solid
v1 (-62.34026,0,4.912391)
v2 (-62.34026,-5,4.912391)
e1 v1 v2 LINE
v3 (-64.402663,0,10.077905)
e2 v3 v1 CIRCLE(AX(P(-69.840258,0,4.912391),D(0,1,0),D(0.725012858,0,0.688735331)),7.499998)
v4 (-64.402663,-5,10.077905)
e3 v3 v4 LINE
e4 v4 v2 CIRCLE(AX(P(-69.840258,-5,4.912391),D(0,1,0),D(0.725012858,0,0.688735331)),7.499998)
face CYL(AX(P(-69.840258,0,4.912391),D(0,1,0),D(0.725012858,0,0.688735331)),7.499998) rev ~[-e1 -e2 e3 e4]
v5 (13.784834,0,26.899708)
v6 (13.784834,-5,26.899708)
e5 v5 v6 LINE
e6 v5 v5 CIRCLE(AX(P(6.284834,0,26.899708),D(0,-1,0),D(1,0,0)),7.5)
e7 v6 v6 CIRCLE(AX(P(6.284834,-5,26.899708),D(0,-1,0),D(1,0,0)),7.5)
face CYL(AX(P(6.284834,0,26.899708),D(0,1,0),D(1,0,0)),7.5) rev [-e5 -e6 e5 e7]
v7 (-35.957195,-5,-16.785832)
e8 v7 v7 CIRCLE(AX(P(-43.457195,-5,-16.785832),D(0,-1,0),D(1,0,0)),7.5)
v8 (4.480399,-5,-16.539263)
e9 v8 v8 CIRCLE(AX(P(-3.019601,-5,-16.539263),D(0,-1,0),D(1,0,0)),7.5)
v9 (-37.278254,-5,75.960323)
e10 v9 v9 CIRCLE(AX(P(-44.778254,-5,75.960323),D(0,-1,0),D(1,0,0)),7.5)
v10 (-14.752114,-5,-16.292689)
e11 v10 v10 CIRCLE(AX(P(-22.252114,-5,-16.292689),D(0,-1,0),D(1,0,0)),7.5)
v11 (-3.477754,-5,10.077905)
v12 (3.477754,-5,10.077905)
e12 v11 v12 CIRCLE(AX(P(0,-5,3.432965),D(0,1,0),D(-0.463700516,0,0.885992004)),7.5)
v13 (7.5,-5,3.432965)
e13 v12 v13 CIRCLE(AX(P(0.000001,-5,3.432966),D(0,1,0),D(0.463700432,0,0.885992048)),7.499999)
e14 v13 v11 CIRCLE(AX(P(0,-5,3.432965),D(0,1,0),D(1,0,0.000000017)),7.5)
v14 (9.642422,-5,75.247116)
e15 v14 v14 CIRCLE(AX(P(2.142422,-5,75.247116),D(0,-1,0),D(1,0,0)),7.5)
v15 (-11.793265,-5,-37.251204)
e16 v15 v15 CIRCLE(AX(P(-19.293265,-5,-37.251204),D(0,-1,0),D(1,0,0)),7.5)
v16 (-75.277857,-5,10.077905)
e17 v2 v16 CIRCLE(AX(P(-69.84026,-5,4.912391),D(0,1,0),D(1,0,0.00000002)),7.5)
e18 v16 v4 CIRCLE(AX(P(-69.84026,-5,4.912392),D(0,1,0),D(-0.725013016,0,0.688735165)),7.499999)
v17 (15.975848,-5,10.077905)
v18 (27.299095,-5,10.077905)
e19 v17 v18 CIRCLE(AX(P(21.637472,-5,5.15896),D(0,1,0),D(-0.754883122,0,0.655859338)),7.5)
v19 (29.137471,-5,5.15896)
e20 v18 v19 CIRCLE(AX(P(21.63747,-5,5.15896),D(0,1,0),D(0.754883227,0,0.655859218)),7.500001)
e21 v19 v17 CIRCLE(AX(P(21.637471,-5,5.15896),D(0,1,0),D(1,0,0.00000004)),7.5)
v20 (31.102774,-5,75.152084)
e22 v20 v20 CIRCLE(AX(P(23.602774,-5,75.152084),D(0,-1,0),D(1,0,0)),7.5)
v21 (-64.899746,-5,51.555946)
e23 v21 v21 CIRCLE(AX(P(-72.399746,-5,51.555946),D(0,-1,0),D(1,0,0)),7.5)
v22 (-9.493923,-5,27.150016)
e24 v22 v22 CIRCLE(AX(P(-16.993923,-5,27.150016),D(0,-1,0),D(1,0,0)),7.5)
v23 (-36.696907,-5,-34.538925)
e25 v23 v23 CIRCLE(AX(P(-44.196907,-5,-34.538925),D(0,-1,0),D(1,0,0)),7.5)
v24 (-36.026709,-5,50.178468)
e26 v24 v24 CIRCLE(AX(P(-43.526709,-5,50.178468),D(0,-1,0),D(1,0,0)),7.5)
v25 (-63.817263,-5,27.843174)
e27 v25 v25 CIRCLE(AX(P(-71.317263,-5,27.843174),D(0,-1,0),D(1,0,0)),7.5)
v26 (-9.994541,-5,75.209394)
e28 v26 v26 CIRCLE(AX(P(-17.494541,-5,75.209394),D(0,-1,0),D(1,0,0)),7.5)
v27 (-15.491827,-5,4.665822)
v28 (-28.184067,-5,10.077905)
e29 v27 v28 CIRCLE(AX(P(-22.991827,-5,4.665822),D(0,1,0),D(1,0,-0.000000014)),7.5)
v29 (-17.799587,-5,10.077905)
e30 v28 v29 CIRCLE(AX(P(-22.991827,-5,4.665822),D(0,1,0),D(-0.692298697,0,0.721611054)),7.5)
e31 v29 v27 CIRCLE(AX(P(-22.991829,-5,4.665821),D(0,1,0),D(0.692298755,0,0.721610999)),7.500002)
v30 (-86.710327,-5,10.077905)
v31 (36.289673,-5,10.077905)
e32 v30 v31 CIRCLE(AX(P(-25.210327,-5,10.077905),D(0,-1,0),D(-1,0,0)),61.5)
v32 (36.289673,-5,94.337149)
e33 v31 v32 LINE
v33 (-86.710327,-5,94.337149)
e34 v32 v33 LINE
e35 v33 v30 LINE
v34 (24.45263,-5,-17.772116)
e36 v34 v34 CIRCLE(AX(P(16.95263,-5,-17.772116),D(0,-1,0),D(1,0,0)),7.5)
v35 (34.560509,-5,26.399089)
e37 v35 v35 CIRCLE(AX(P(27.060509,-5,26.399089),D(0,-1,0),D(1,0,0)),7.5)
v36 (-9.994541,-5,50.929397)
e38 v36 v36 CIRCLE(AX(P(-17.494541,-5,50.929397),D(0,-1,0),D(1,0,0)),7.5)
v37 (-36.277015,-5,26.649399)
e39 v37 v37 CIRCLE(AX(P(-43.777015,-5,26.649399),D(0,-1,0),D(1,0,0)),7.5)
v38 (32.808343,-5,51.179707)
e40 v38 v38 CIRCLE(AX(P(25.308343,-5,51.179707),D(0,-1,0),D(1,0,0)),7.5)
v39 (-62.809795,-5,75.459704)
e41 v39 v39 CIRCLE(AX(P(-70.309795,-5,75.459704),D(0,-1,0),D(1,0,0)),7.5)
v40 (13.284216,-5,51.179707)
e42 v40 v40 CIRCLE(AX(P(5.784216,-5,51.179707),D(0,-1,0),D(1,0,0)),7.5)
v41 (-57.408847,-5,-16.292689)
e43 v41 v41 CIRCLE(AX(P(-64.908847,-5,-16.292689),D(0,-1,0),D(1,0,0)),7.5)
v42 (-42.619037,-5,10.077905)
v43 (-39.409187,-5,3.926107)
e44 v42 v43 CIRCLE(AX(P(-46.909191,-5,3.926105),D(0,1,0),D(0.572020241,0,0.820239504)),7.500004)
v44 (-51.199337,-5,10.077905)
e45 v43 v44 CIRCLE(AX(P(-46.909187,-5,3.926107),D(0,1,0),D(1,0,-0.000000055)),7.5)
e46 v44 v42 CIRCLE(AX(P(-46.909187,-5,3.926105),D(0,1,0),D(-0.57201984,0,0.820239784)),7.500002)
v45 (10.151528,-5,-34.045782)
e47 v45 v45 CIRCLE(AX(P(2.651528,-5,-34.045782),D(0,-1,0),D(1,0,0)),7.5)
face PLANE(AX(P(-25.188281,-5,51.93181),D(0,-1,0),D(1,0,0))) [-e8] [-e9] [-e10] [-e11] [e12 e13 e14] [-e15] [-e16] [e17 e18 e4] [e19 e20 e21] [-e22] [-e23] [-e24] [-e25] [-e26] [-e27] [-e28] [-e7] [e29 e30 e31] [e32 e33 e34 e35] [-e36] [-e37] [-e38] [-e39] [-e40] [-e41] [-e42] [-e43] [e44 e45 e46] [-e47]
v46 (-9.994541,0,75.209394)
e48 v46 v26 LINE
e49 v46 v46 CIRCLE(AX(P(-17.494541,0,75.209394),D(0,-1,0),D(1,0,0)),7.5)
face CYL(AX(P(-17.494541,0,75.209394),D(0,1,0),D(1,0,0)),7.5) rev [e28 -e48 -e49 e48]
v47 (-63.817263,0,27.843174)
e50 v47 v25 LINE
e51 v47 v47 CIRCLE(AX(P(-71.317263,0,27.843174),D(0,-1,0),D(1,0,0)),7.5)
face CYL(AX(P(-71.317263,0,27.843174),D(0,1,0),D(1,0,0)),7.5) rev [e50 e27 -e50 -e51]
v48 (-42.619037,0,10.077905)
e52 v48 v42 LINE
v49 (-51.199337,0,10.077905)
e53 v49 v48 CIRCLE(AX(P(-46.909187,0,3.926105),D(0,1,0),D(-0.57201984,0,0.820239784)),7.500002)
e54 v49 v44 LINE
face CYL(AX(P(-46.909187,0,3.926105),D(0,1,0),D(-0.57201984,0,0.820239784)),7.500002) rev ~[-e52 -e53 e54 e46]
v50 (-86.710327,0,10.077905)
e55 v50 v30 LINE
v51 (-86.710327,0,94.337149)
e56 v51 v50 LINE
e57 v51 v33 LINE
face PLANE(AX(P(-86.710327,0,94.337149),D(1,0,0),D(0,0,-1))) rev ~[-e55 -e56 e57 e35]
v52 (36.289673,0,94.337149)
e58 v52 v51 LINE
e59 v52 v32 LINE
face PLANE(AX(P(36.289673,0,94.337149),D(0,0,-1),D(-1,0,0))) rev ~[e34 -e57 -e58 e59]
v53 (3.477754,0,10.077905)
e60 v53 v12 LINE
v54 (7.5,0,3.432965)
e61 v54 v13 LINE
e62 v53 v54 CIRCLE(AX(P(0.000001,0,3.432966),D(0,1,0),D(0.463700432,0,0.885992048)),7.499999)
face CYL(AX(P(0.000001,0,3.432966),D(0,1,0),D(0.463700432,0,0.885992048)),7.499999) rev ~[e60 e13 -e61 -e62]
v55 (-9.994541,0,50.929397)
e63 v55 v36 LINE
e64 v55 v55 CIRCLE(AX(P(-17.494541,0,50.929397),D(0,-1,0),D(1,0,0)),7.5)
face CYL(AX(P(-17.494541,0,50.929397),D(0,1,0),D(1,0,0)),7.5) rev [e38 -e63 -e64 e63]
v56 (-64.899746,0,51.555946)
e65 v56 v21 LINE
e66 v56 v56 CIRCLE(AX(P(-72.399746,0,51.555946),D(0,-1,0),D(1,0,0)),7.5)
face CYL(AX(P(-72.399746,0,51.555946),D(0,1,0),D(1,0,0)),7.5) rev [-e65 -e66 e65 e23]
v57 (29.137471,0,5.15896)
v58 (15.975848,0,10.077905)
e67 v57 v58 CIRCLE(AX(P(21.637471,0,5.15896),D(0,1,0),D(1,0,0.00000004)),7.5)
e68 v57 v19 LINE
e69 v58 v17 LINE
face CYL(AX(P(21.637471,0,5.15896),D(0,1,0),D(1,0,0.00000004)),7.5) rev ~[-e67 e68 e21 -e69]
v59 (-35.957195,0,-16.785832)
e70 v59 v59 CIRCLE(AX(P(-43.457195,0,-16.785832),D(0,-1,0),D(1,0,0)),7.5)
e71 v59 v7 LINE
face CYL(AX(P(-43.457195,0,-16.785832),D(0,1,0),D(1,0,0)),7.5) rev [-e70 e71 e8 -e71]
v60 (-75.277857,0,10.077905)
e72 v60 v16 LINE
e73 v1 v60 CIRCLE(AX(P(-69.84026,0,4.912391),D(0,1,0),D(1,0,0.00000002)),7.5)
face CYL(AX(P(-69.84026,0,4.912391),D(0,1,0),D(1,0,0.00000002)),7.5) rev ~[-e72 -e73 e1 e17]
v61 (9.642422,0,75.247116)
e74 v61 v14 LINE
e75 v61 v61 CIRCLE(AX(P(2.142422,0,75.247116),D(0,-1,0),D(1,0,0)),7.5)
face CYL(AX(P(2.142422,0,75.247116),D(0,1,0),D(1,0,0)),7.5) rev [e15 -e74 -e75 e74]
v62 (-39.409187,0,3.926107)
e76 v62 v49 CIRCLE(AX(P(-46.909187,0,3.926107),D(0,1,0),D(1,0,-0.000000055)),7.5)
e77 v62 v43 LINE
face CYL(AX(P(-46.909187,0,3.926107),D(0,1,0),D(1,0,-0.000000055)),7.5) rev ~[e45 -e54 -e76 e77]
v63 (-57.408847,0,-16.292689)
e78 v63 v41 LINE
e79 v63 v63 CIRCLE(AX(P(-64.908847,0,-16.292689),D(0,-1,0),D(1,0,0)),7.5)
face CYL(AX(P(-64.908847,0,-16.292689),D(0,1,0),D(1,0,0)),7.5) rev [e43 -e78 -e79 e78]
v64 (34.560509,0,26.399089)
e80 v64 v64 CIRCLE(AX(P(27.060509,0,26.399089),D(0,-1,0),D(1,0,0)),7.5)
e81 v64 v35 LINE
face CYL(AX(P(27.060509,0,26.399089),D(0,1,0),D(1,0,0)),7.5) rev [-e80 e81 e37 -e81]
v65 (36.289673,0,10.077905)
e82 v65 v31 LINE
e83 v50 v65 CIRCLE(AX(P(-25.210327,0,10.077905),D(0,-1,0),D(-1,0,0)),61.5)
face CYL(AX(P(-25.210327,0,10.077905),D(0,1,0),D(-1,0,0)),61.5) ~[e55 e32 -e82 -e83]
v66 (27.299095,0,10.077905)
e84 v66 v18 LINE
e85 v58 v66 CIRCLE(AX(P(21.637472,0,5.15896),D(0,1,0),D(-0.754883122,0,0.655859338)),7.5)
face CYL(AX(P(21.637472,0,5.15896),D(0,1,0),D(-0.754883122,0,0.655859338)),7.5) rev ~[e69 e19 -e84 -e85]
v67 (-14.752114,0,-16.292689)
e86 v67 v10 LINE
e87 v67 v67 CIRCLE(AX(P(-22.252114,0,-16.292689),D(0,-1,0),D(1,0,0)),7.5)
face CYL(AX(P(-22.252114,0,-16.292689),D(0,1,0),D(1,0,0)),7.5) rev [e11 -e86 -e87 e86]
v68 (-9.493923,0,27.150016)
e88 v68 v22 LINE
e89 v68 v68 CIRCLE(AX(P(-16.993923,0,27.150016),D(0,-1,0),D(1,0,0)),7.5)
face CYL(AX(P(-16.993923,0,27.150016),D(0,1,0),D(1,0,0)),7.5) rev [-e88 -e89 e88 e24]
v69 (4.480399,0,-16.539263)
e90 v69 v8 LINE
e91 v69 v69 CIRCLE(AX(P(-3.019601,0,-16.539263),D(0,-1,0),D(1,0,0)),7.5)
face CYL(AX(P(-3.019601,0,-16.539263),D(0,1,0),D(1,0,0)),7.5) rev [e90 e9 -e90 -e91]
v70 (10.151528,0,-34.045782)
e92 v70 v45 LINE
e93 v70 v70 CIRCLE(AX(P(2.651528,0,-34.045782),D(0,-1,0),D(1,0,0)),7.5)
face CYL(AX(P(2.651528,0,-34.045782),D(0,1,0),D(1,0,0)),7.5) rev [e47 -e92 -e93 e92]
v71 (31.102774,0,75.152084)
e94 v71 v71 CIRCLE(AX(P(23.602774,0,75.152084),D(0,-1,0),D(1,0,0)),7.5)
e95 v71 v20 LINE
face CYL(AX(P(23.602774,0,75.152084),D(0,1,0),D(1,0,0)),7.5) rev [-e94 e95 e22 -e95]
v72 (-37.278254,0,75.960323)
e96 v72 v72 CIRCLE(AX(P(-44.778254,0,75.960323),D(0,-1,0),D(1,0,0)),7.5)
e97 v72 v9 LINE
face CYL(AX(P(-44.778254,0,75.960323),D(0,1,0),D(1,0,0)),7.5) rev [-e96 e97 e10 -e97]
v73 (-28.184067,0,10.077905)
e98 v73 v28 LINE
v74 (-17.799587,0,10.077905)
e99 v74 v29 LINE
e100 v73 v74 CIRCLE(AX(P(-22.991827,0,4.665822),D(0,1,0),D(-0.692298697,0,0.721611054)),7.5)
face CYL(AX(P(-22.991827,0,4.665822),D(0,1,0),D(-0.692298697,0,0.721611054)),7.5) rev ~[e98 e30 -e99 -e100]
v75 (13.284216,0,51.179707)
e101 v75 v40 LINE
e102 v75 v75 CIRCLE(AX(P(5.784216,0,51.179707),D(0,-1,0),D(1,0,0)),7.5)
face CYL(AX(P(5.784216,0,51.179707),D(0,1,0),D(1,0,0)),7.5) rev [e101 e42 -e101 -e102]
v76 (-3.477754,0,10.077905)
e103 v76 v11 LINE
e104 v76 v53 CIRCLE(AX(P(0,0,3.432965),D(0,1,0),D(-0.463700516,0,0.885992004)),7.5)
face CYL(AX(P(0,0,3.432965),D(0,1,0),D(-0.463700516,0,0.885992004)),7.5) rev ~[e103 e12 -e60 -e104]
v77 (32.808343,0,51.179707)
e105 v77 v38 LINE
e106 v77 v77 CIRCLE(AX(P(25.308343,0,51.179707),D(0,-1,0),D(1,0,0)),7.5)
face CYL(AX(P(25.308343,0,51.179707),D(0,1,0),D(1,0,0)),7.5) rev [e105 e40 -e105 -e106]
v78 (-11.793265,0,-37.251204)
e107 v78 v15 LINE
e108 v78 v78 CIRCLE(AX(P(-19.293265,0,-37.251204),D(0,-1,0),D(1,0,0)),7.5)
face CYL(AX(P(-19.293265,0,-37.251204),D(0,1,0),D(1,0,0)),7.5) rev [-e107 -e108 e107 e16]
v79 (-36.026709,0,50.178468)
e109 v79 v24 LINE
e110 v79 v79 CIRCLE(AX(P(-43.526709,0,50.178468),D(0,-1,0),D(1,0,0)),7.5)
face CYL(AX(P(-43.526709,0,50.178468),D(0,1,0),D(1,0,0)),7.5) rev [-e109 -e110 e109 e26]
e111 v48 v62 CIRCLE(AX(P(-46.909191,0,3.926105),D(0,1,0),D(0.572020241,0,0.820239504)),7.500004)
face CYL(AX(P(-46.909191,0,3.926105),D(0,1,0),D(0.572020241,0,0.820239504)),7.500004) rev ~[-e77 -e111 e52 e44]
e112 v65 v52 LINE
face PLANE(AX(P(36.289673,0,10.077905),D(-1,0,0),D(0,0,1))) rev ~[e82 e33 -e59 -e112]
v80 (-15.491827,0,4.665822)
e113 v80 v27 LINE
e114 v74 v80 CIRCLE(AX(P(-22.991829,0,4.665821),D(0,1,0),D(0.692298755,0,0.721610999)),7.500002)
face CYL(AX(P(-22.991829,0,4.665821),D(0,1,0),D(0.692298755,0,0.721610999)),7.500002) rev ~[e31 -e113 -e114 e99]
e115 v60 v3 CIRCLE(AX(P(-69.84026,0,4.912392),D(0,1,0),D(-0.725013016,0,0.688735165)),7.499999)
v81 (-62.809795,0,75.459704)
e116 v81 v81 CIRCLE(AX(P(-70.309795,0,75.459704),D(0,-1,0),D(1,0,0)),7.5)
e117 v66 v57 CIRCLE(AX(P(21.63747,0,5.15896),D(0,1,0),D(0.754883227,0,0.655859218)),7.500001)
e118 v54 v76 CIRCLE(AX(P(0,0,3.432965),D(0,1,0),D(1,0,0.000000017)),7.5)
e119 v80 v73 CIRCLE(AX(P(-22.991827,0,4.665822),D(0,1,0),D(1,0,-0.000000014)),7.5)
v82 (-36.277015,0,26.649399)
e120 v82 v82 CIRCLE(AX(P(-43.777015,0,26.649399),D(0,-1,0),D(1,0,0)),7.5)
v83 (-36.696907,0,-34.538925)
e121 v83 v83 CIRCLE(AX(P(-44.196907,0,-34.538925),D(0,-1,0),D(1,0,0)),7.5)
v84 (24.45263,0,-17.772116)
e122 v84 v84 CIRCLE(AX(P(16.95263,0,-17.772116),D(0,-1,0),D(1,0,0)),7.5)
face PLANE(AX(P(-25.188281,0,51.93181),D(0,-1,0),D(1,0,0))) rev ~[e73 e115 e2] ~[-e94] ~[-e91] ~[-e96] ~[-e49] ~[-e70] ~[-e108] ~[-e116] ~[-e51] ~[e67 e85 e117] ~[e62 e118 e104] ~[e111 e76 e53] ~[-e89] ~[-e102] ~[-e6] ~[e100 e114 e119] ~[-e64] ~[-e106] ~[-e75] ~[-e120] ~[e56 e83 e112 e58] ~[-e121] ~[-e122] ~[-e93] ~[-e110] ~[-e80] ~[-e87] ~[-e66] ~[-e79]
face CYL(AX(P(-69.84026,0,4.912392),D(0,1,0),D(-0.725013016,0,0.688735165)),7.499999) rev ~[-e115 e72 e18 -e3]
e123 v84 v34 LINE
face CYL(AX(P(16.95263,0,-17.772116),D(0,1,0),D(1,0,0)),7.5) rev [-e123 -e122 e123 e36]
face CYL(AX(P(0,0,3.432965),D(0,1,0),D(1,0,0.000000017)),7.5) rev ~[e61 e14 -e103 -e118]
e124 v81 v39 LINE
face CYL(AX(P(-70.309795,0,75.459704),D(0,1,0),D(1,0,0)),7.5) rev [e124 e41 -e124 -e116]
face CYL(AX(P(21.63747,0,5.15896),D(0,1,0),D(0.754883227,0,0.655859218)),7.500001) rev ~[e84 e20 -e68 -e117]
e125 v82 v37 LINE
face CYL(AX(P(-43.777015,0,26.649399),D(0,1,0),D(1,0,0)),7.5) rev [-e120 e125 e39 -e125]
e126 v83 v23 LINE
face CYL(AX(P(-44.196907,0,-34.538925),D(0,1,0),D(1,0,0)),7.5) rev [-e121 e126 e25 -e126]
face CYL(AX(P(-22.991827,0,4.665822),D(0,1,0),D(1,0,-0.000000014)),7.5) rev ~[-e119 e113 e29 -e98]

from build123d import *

# Parameters (mm, degrees)
F0_R     = 7.5
F1_DEPTH = 5


with BuildPart() as f1:
    # F0 (on Front) → F1 (new body)
    with BuildSketch(Plane.XZ):
        with BuildLine():
            Line((-86.710327, 94.337149), (-86.710327, 10.077905))
            Line((-86.710327, 10.077905), (-75.277857, 10.077905))
            ThreePointArc((-75.277857, 10.077905), (-69.84026, 12.412391), (-64.402663, 10.077905))
            Line((-64.402663, 10.077905), (-51.199337, 10.077905))
            ThreePointArc((-51.199337, 10.077905), (-46.909187, 11.426107), (-42.619037, 10.077905))
            Line((-42.619037, 10.077905), (-28.184067, 10.077905))
            ThreePointArc((-28.184067, 10.077905), (-22.991827, 12.165822), (-17.799587, 10.077905))
            Line((-17.799587, 10.077905), (-3.477754, 10.077905))
            ThreePointArc((-3.477754, 10.077905), (0, 10.932965), (3.477754, 10.077905))
            Line((3.477754, 10.077905), (15.975848, 10.077905))
            ThreePointArc((15.975848, 10.077905), (21.637471, 12.65896), (27.299095, 10.077905))
            Line((27.299095, 10.077905), (36.289673, 10.077905))
            Line((36.289673, 10.077905), (36.289673, 94.337149))
            Line((36.289673, 94.337149), (-86.710327, 94.337149))
        make_face()
        with Locations((-71.317263, 27.843174)):
            Circle(F0_R, mode=Mode.SUBTRACT)
        with Locations((-72.399746, 51.555946)):
            Circle(F0_R, mode=Mode.SUBTRACT)
        with Locations((-43.777015, 26.649399)):
            Circle(F0_R, mode=Mode.SUBTRACT)
        with Locations((-43.526709, 50.178468)):
            Circle(F0_R, mode=Mode.SUBTRACT)
        with Locations((-70.309795, 75.459704)):
            Circle(F0_R, mode=Mode.SUBTRACT)
        with Locations((-44.778254, 75.960323)):
            Circle(F0_R, mode=Mode.SUBTRACT)
        with Locations((-16.993923, 27.150016)):
            Circle(F0_R, mode=Mode.SUBTRACT)
        with Locations((-17.494541, 50.929397)):
            Circle(F0_R, mode=Mode.SUBTRACT)
        with Locations((6.284834, 26.899708)):
            Circle(F0_R, mode=Mode.SUBTRACT)
        with Locations((27.060509, 26.399089)):
            Circle(F0_R, mode=Mode.SUBTRACT)
        with Locations((5.784216, 51.179707)):
            Circle(F0_R, mode=Mode.SUBTRACT)
        with Locations((25.308343, 51.179707)):
            Circle(F0_R, mode=Mode.SUBTRACT)
        with Locations((-17.494541, 75.209394)):
            Circle(F0_R, mode=Mode.SUBTRACT)
        with Locations((2.142422, 75.247116)):
            Circle(F0_R, mode=Mode.SUBTRACT)
        with Locations((23.602774, 75.152084)):
            Circle(F0_R, mode=Mode.SUBTRACT)
        with BuildLine():
            Line((-75.277857, 10.077905), (-86.710327, 10.077905))
            ThreePointArc((-86.710327, 10.077905), (-25.210327, -51.422095), (36.289673, 10.077905))
            Line((36.289673, 10.077905), (27.299095, 10.077905))
            ThreePointArc((27.299095, 10.077905), (28.66286, 7.784586), (29.137471, 5.15896))
            ThreePointArc((29.137471, 5.15896), (19.011845, -1.866429), (15.975848, 10.077905))
            Line((15.975848, 10.077905), (3.477754, 10.077905))
            ThreePointArc((3.477754, 10.077905), (6.416119, 7.316703), (7.5, 3.432965))
            ThreePointArc((7.5, 3.432965), (-3.883738, -2.983154), (-3.477754, 10.077905))
            Line((-3.477754, 10.077905), (-17.799587, 10.077905))
            ThreePointArc((-17.799587, 10.077905), (-16.092849, 7.607607), (-15.491827, 4.665822))
            ThreePointArc((-15.491827, 4.665822), (-25.933612, -2.233156), (-28.184067, 10.077905))
            Line((-28.184067, 10.077905), (-42.619037, 10.077905))
            ThreePointArc((-42.619037, 10.077905), (-40.259897, 7.395536), (-39.409187, 3.926107))
            ThreePointArc((-39.409187, 3.926107), (-50.378616, -2.723183), (-51.199337, 10.077905))
            Line((-51.199337, 10.077905), (-64.402663, 10.077905))
            ThreePointArc((-64.402663, 10.077905), (-62.874918, 7.6934), (-62.34026, 4.912391))
            ThreePointArc((-62.34026, 4.912391), (-72.621269, -2.052951), (-75.277857, 10.077905))
        make_face()
        with Locations((-64.908847, -16.292689)):
            Circle(F0_R, mode=Mode.SUBTRACT)
        with Locations((-44.196907, -34.538925)):
            Circle(F0_R, mode=Mode.SUBTRACT)
        with Locations((-43.457195, -16.785832)):
            Circle(F0_R, mode=Mode.SUBTRACT)
        with Locations((-19.293265, -37.251204)):
            Circle(F0_R, mode=Mode.SUBTRACT)
        with Locations((2.651528, -34.045782)):
            Circle(F0_R, mode=Mode.SUBTRACT)
        with Locations((-22.252114, -16.292689)):
            Circle(F0_R, mode=Mode.SUBTRACT)
        with Locations((-3.019601, -16.539263)):
            Circle(F0_R, mode=Mode.SUBTRACT)
        with Locations((16.95263, -17.772116)):
            Circle(F0_R, mode=Mode.SUBTRACT)
    extrude(amount=F1_DEPTH)


solid = f1.part
